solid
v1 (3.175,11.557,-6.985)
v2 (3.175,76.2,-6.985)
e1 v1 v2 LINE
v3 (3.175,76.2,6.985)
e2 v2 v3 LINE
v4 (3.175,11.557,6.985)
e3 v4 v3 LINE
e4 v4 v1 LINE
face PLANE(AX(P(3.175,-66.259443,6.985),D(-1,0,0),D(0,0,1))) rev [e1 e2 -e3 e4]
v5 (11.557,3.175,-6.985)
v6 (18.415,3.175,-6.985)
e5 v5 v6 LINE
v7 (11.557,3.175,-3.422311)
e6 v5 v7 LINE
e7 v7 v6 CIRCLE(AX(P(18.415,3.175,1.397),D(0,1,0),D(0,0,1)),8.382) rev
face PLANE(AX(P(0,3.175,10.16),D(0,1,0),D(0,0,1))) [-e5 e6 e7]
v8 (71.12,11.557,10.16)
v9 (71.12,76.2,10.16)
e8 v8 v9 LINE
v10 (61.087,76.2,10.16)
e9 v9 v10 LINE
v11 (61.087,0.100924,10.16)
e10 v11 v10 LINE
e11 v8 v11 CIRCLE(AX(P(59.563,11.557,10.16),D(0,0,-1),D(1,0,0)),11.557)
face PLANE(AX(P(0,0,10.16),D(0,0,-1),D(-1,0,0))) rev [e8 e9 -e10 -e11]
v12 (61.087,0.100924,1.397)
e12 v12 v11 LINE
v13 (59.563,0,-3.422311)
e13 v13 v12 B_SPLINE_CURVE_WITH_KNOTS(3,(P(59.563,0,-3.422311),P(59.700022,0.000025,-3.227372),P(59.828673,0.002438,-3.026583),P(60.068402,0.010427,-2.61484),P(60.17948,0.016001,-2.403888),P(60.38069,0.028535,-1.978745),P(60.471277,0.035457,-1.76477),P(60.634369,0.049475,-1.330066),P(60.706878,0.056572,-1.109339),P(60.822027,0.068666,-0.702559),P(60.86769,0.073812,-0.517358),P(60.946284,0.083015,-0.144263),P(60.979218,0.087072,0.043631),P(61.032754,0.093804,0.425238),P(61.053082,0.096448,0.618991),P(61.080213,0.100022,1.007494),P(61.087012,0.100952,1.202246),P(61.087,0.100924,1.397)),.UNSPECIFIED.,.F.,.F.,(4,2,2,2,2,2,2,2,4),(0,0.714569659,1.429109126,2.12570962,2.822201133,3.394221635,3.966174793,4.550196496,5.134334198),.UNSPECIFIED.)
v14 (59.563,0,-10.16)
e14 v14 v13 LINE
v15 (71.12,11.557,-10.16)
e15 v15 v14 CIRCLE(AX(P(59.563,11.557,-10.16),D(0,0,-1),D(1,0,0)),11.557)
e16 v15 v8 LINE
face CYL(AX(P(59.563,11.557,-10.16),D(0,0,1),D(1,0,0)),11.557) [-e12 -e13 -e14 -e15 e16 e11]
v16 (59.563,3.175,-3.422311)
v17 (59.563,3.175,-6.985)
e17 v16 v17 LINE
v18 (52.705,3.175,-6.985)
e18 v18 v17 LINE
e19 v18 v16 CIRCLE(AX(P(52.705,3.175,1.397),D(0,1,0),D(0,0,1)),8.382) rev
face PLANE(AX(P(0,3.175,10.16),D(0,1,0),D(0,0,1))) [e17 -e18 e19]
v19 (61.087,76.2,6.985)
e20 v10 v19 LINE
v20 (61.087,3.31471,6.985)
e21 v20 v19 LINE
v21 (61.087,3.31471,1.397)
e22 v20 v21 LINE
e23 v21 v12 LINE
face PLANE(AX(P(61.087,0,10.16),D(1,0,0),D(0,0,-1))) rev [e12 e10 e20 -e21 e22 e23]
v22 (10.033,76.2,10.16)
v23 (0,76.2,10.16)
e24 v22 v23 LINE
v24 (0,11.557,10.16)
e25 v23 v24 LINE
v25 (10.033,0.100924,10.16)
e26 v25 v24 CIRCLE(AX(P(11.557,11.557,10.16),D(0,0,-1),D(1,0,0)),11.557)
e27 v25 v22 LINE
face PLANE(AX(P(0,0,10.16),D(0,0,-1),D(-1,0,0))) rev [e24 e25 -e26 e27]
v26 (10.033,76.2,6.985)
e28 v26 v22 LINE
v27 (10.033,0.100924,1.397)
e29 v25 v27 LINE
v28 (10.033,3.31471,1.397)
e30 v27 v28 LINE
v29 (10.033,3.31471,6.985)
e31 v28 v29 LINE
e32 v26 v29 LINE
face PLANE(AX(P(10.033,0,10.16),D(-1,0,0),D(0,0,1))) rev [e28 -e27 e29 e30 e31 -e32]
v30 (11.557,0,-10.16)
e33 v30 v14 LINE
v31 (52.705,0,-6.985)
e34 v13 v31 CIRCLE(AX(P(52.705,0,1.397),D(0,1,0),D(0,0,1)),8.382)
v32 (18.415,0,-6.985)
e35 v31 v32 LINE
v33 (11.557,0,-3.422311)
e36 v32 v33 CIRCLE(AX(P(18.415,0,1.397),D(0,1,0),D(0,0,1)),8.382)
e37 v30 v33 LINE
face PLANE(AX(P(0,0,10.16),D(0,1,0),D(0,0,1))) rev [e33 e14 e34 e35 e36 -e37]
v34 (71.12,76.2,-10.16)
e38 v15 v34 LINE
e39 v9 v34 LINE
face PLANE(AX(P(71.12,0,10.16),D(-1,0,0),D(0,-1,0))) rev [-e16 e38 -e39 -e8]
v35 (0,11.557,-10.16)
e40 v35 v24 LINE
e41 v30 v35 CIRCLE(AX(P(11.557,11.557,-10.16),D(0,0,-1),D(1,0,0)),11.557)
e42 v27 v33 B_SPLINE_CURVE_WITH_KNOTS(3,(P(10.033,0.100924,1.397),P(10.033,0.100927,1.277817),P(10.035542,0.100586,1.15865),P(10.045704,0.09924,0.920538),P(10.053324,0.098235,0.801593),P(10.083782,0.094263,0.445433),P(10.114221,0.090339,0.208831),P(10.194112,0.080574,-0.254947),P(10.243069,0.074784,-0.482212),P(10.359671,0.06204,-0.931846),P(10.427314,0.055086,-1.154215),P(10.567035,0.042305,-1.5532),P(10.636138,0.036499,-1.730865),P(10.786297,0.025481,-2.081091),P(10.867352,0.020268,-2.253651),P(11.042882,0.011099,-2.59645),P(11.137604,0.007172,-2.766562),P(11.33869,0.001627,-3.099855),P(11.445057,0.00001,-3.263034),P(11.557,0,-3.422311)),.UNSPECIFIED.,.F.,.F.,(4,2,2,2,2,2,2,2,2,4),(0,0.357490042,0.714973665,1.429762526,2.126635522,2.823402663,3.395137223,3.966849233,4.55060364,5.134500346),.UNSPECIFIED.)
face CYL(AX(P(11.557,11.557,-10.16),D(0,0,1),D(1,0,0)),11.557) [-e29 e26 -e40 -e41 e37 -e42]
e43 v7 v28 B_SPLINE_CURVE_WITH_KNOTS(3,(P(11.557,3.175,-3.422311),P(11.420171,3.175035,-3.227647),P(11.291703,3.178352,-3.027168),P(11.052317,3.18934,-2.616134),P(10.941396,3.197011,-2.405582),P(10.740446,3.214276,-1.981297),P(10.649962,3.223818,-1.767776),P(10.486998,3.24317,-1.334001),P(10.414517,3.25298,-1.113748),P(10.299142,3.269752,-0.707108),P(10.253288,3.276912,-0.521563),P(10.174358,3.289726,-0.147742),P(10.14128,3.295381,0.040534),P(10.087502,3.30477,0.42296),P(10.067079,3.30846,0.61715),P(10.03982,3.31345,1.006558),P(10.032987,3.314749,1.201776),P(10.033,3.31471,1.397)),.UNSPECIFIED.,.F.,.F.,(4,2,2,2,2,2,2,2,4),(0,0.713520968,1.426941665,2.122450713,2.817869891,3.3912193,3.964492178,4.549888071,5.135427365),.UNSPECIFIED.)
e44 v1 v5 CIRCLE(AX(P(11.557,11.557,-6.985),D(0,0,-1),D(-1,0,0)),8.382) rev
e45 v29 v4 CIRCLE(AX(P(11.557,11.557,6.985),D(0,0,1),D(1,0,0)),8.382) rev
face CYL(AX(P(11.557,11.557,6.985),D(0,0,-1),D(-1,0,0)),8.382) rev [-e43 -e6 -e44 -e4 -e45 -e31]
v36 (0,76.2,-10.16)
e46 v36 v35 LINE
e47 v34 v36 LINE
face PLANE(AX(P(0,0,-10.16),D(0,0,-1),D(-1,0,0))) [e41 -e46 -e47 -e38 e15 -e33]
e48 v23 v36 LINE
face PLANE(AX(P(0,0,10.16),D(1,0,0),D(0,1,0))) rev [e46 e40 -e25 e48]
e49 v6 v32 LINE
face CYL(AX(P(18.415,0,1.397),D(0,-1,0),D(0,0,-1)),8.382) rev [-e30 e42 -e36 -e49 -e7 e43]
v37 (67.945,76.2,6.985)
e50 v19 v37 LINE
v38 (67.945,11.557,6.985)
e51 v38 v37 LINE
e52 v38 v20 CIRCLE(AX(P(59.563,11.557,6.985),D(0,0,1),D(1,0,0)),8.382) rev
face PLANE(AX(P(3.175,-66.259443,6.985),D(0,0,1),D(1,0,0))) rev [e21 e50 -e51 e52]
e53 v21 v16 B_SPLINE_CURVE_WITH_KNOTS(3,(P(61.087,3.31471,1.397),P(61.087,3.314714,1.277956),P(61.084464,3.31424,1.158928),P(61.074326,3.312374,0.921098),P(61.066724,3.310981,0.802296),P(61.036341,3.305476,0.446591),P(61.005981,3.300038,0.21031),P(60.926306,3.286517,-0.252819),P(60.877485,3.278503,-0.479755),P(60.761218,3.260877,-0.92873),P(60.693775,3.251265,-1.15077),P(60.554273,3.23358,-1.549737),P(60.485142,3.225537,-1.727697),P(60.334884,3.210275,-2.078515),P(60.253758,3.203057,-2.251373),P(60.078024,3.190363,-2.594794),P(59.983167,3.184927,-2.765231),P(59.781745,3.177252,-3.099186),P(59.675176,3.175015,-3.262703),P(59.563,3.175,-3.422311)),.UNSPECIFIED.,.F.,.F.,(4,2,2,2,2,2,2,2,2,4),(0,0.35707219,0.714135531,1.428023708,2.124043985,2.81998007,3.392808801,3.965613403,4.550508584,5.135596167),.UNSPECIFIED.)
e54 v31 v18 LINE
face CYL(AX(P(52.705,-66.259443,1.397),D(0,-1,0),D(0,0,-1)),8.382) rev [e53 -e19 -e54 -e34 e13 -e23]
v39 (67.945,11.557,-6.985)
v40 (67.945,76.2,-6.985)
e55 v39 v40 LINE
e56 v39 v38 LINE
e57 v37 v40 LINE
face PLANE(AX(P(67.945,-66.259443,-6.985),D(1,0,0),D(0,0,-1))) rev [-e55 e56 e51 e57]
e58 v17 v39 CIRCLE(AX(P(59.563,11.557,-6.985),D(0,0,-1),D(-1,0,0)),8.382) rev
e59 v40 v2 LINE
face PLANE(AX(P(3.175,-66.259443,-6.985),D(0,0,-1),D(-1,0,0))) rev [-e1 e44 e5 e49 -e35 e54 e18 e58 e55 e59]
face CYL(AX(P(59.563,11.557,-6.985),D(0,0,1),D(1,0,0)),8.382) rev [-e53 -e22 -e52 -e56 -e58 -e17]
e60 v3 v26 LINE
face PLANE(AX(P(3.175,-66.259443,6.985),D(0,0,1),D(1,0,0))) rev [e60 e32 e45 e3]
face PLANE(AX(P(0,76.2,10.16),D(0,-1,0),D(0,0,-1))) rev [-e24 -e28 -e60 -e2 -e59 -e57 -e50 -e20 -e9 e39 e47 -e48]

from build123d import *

# Parameters (mm, degrees)
SKETCH1_W           = 71.12
SKETCH1_H           = 76.2
BOSS_EXTRUDE1_DEPTH = 10.16
SKETCH2_W           = 64.77
SKETCH2_H           = 13.97
CUT_EXTRUDE1_DEPTH  = 73.025
SKETCH10_W          = 51.054
SKETCH10_H          = 17.145
CUT_EXTRUDE2_DEPTH  = 77.2
FILLET5_R           = 8.382
FILLET3_R           = 8.382
CUT_EXTRUDE3_DEPTH  = 21.32


with BuildPart() as part:
    # Sketch1 → Boss-Extrude1 (new body, symmetric)
    with BuildSketch(Plane.XY):
        with Locations((35.56, 38.1)):
            Rectangle(SKETCH1_W, SKETCH1_H)
    extrude(amount=BOSS_EXTRUDE1_DEPTH, both=True)

    # Sketch2 → Cut-Extrude1 (cut)
    with BuildSketch(Plane(origin=(0, 76.2, 0), x_dir=(1, 0, 0), z_dir=(0, 1, 0))):
        with Locations((35.56, 0)):
            Rectangle(SKETCH2_W, SKETCH2_H)
    extrude(amount=-CUT_EXTRUDE1_DEPTH, mode=Mode.SUBTRACT)

    # Sketch10 → Cut-Extrude2 (cut, through all)
    with BuildSketch(Plane(origin=(0, 76.2, 0), x_dir=(1, 0, 0), z_dir=(0, 1, 0))):
        with Locations((35.56, -1.5875)):
            Rectangle(SKETCH10_W, SKETCH10_H)
    extrude(amount=-CUT_EXTRUDE2_DEPTH, mode=Mode.SUBTRACT)

    # Fillet5
    fillet5_edges = [part.edges().sort_by_distance(p)[0] for p in [
        (61.087, 1.5875, -6.985),
        (10.033, 1.5875, -6.985),
    ]]
    fillet(fillet5_edges, radius=FILLET5_R)

    # Fillet3
    fillet3_edges = [part.edges().sort_by_distance(p)[0] for p in [
        (67.945, 3.175, 0),
        (3.175, 3.175, 0),
    ]]
    fillet(fillet3_edges, radius=FILLET3_R)

    # Sketch11 → Cut-Extrude3 (cut, through all)
    with BuildSketch(Plane.XY.offset(10.16)):
        with BuildLine():
            Line((0, 11.557), (0, 0))
            Line((0, 0), (11.557, 0))
            ThreePointArc((11.557, 0), (3.38496693, 3.38496693), (0, 11.557))
        make_face()
        with BuildLine():
            Line((71.12, 11.557), (71.12, 0))
            Line((71.12, 0), (59.563, 0))
            ThreePointArc((59.563, 0), (67.73503307, 3.38496693), (71.12, 11.557))
        make_face()
    extrude(amount=-CUT_EXTRUDE3_DEPTH, mode=Mode.SUBTRACT)


solid = part.part
